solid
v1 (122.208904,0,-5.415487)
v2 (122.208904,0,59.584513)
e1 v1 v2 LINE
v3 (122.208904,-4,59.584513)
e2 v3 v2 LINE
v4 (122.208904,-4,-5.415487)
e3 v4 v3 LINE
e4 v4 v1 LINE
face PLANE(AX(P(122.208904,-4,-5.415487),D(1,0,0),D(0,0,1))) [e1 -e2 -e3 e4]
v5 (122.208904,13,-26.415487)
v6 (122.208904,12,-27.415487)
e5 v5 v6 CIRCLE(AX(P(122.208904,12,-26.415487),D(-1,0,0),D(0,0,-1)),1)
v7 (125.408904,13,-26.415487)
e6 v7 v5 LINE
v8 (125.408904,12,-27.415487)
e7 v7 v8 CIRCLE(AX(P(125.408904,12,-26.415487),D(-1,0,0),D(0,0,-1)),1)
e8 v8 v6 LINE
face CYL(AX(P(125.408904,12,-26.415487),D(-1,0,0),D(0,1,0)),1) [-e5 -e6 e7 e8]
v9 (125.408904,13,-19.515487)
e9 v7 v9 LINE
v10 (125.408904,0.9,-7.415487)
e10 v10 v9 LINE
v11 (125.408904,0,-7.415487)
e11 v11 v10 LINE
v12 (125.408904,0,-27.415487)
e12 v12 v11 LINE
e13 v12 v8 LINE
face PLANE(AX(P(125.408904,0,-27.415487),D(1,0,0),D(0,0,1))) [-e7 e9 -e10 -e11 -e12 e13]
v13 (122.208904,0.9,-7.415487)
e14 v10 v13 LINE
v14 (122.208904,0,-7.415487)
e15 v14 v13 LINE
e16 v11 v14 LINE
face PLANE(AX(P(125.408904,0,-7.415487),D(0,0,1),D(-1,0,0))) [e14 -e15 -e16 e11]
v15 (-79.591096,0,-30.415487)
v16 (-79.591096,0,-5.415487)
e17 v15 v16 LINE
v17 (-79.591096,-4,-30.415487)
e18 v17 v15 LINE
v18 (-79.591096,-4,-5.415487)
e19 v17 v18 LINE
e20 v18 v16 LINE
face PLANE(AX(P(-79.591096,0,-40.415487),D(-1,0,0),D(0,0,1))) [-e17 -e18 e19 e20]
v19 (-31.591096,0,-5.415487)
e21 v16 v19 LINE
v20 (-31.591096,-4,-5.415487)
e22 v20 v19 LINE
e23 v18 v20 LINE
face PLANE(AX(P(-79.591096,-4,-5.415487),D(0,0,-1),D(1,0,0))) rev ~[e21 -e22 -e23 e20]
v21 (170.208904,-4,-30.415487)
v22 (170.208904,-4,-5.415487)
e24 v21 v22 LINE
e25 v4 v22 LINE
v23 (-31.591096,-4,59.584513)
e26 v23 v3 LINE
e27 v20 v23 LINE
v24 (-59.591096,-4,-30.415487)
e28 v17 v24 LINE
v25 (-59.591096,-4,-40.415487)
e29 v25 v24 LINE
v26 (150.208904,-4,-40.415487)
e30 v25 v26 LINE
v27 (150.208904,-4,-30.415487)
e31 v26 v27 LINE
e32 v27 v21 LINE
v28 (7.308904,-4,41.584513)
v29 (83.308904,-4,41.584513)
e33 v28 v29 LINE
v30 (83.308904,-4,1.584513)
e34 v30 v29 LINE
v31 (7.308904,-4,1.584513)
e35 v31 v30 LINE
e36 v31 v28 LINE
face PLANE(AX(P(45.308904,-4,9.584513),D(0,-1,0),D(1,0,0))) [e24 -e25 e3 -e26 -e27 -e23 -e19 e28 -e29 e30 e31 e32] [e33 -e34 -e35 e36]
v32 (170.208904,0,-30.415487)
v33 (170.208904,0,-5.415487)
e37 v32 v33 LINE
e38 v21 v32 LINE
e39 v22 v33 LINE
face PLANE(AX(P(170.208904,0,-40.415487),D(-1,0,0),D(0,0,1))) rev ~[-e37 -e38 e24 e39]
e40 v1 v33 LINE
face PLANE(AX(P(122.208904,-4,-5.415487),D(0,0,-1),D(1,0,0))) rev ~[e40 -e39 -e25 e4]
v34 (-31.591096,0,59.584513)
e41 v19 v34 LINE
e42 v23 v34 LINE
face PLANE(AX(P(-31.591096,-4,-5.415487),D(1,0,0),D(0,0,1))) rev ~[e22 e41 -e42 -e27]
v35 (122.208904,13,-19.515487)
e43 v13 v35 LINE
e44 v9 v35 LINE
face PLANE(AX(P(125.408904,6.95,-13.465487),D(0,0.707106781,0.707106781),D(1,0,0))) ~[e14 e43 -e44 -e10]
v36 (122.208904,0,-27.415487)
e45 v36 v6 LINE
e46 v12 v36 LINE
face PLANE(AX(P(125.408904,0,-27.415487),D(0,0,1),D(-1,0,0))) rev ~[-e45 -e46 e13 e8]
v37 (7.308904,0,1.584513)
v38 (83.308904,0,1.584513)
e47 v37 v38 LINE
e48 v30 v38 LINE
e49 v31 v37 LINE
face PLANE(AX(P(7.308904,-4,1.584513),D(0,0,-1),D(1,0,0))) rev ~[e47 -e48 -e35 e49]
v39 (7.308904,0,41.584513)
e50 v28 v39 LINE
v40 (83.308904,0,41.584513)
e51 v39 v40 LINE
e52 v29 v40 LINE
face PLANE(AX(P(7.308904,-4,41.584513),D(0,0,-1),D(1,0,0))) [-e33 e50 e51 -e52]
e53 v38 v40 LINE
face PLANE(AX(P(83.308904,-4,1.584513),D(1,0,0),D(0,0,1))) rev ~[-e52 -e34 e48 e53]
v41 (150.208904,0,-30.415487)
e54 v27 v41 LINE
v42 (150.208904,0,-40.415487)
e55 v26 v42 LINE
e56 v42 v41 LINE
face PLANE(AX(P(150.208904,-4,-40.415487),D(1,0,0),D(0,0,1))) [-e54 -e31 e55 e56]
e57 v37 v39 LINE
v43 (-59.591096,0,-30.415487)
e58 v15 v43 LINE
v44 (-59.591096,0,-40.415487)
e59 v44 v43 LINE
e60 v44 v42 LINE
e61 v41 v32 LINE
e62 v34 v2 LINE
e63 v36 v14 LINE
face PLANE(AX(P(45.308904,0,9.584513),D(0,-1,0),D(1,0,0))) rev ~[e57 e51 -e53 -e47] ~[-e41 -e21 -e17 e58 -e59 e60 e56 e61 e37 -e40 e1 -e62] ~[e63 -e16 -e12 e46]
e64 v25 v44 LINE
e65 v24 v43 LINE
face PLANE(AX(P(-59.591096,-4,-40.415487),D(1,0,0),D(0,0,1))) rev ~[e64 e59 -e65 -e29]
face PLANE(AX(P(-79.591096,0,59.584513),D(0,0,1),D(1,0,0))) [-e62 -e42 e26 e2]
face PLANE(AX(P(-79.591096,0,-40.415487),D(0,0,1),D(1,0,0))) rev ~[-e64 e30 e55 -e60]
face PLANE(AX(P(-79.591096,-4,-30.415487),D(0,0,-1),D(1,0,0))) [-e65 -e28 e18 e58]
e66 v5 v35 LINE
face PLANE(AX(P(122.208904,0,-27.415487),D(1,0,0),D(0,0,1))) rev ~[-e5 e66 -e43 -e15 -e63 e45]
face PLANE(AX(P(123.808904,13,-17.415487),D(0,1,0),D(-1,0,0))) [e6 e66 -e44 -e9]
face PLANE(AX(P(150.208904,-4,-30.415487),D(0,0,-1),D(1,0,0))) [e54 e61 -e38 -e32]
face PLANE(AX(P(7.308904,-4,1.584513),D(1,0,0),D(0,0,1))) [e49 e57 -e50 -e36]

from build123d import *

# Parameters (mm, degrees)
F0_W     = 249.8
F0_H     = 100
F1_DEPTH = 4
F2_W     = 20
F2_H     = 10
F3_DEPTH = 25
F4_W     = 76
F4_H     = 40
F4_W_2   = 48
F4_H_2   = 65
F5_DEPTH = 25
F6_W     = 3.2
F6_H     = 20
F7_DEPTH = 13
F8_SIZE  = 12.1
F9_R     = 1


with BuildPart() as f1:
    # F0 (on Front) → F1 (new body)
    with BuildSketch(Plane.XZ):
        with Locations((45.308904, 9.584513)):
            Rectangle(F0_W, F0_H)
    extrude(amount=F1_DEPTH)

    # F2 (on face) → F3 (cut)
    with BuildSketch(Plane.XZ.offset(4)):
        with Locations((160.208904, -35.415487)):
            Rectangle(F2_W, F2_H)
        with Locations((-69.591096, -35.415487)):
            Rectangle(F2_W, F2_H)
    extrude(amount=-F3_DEPTH, mode=Mode.SUBTRACT)

    # F4 (on face) → F5 (cut)
    with BuildSketch(Plane.XZ.offset(4)):
        with Locations((45.308904, 21.584513)):
            Rectangle(F4_W, F4_H)
        with Locations((-55.591096, 27.084513)):
            Rectangle(F4_W_2, F4_H_2)
        with Locations((146.208904, 27.084513)):
            Rectangle(F4_W_2, F4_H_2)
    extrude(amount=-F5_DEPTH, mode=Mode.SUBTRACT)

    # F6 (on face) → F7 (join)
    with BuildSketch(Plane(origin=(0, 0, 0), x_dir=(-1, 0, 0), z_dir=(0, 1, 0))):
        with Locations((-123.808904, -17.415487)):
            Rectangle(F6_W, F6_H)
    extrude(amount=F7_DEPTH)

    # F8
    f8_edges = [f1.edges().sort_by_distance(p)[0] for p in [
        (123.808904, 13, -7.415487),
    ]]
    chamfer(f8_edges, length=F8_SIZE)

    # F9
    f9_edges = [f1.edges().sort_by_distance(p)[0] for p in [
        (123.808904, 13, -27.415487),
    ]]
    fillet(f9_edges, radius=F9_R)


solid = f1.part
